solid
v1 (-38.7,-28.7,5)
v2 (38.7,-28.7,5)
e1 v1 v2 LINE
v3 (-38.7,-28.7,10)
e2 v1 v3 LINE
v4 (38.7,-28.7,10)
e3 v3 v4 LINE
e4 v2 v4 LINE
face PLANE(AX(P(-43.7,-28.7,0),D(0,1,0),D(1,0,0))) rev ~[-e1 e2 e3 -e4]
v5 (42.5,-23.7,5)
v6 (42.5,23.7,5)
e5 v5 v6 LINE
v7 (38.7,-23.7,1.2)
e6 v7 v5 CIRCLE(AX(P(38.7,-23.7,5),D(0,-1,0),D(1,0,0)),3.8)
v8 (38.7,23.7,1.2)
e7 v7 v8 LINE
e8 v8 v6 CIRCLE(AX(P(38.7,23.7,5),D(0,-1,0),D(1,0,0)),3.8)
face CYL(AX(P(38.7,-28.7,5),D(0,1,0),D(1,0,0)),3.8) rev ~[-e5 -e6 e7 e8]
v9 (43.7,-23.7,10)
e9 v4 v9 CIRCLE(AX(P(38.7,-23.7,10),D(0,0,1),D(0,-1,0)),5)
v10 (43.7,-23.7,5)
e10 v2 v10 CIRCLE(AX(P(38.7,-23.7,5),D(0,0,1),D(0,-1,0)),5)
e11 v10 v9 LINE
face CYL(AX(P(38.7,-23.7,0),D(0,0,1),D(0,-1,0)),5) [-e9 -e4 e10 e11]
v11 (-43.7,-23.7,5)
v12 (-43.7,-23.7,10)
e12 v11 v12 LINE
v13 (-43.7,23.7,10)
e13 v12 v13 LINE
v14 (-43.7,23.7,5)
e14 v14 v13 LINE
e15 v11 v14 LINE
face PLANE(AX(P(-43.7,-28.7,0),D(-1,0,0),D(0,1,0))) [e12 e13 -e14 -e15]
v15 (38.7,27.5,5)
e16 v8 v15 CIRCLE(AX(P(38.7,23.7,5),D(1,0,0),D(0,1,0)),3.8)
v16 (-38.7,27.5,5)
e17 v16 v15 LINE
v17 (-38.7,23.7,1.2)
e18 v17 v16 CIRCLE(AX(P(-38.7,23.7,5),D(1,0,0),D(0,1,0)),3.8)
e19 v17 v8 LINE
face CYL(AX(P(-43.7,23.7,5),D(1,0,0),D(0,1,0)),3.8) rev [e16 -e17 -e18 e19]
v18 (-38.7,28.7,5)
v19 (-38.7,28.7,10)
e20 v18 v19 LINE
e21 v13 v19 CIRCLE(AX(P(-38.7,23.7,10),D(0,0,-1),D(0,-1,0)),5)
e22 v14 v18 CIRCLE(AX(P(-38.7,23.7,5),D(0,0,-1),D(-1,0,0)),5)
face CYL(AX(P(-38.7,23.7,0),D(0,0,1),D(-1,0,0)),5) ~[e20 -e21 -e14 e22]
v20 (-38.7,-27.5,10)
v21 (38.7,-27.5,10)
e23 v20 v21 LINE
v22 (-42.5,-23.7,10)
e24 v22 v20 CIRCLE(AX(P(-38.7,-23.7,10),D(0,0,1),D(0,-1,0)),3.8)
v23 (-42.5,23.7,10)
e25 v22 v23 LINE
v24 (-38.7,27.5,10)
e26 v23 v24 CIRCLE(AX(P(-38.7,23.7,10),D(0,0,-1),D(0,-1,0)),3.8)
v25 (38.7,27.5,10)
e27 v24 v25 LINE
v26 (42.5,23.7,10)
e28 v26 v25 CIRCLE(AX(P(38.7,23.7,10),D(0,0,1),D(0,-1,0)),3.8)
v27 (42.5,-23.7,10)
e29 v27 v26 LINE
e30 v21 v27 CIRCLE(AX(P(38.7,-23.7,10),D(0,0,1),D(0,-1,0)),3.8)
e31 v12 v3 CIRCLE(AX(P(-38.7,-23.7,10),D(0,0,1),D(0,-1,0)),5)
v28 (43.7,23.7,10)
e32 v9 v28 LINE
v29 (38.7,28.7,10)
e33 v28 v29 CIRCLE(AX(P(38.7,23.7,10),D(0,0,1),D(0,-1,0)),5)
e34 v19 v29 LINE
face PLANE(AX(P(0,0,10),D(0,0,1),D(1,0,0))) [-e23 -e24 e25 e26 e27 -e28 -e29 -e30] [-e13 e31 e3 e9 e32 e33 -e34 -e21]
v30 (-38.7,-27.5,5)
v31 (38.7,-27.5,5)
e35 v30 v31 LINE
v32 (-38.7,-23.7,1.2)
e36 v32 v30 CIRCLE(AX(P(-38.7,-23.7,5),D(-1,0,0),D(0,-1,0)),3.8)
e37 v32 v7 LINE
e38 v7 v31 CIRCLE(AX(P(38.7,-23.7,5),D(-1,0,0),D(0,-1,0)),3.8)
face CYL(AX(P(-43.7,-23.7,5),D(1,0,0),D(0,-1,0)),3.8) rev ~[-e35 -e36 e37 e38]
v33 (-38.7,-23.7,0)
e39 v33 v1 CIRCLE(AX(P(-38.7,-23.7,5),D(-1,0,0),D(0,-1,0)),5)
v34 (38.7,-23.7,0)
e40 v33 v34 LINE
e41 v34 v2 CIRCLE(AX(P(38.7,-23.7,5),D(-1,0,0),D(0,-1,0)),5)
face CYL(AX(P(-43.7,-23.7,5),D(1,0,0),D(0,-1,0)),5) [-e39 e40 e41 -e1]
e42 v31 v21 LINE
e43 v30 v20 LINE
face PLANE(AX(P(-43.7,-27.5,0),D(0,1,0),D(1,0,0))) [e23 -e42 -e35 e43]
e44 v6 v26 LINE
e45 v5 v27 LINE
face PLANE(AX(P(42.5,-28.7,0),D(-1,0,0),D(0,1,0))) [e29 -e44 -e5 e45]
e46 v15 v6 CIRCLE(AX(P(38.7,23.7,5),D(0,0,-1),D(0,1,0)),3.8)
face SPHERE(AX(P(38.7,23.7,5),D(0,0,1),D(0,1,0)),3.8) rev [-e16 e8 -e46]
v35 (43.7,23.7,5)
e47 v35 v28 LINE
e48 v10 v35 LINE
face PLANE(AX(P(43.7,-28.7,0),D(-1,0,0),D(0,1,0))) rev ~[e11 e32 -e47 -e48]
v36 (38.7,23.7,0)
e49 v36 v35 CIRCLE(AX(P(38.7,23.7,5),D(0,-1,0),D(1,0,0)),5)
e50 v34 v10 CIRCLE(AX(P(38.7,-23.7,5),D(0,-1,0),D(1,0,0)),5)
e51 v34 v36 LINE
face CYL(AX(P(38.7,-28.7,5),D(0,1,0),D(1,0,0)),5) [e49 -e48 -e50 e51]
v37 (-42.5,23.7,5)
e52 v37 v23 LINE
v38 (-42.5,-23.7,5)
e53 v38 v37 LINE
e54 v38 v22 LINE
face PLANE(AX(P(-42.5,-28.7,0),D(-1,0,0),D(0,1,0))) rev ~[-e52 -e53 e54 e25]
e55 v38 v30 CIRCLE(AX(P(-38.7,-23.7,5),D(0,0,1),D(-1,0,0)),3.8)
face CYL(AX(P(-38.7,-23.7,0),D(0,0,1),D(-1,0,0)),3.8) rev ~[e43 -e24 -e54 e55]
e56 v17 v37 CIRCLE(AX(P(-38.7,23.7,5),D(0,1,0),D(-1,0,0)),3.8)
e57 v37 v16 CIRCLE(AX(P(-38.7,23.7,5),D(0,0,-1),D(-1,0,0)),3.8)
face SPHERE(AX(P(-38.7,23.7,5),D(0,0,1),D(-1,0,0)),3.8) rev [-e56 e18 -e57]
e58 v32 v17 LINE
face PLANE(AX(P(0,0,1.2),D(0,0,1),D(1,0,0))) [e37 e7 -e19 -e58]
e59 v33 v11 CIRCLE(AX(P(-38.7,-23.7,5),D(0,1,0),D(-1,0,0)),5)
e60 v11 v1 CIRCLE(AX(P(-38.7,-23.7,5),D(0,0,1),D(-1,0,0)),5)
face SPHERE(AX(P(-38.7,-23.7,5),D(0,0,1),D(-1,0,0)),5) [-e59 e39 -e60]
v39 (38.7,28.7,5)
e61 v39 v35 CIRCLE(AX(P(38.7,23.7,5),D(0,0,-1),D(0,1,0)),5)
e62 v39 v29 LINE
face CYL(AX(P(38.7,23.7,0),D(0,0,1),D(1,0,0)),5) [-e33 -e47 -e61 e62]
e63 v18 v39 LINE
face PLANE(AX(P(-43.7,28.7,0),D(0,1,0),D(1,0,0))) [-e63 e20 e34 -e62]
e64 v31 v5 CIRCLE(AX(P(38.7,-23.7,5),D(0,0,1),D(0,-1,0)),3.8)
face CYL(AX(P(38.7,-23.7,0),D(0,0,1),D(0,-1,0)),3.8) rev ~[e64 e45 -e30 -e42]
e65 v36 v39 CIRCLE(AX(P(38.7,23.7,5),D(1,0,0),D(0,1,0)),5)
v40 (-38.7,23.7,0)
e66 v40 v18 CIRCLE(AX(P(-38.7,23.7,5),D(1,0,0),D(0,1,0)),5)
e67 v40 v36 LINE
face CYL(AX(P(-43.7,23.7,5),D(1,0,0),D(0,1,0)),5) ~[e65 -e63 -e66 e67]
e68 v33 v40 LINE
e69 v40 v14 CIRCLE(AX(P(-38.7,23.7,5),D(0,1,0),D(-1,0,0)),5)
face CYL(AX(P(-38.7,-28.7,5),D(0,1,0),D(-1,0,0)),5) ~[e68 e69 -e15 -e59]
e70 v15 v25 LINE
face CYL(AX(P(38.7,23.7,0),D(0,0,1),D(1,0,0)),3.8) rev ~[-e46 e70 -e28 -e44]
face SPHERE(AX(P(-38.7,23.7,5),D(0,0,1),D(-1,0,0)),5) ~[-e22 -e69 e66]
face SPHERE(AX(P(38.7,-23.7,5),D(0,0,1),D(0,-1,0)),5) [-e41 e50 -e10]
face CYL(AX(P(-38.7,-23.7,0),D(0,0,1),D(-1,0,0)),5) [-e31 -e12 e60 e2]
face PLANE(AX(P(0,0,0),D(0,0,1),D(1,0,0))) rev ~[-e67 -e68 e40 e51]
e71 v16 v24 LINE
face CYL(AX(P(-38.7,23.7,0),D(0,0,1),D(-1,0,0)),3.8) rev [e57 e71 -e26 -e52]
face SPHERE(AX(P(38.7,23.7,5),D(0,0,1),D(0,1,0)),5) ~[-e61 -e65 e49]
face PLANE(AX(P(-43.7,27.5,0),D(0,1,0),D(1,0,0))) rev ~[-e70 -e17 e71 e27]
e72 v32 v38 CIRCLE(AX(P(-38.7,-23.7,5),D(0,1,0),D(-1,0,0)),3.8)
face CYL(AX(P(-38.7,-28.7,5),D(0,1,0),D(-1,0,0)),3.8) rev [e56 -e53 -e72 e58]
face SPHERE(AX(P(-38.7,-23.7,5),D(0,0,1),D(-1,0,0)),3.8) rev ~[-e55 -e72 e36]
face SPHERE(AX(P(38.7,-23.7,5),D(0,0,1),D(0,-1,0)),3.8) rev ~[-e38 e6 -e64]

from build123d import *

# Parameters (mm, degrees)
F0_W     = 87.4
F0_H     = 57.4
F1_DEPTH = 10
F2_R     = 5
F3_T     = -1.2


with BuildPart() as f1:
    # F0 (on Top) → F1 (new body)
    with BuildSketch(Plane.XY):
        Rectangle(F0_W, F0_H)
    extrude(amount=F1_DEPTH)

    # F2
    f2_edges = [f1.edges().sort_by_distance(p)[0] for p in [
        (43.7, -28.7, 5),
        (43.7, 28.7, 5),
        (-43.7, 28.7, 5),
        (-43.7, -28.7, 5),
        (-43.7, 0, 0),
        (0, 28.7, 0),
        (0, -28.7, 0),
        (43.7, 0, 0),
    ]]
    fillet(f2_edges, radius=F2_R)

    # F3
    f3_openings = [f1.faces().sort_by_distance(p)[0] for p in [
        (0, 0, 10),
    ]]
    offset(amount=F3_T, openings=f3_openings)


solid = f1.part
